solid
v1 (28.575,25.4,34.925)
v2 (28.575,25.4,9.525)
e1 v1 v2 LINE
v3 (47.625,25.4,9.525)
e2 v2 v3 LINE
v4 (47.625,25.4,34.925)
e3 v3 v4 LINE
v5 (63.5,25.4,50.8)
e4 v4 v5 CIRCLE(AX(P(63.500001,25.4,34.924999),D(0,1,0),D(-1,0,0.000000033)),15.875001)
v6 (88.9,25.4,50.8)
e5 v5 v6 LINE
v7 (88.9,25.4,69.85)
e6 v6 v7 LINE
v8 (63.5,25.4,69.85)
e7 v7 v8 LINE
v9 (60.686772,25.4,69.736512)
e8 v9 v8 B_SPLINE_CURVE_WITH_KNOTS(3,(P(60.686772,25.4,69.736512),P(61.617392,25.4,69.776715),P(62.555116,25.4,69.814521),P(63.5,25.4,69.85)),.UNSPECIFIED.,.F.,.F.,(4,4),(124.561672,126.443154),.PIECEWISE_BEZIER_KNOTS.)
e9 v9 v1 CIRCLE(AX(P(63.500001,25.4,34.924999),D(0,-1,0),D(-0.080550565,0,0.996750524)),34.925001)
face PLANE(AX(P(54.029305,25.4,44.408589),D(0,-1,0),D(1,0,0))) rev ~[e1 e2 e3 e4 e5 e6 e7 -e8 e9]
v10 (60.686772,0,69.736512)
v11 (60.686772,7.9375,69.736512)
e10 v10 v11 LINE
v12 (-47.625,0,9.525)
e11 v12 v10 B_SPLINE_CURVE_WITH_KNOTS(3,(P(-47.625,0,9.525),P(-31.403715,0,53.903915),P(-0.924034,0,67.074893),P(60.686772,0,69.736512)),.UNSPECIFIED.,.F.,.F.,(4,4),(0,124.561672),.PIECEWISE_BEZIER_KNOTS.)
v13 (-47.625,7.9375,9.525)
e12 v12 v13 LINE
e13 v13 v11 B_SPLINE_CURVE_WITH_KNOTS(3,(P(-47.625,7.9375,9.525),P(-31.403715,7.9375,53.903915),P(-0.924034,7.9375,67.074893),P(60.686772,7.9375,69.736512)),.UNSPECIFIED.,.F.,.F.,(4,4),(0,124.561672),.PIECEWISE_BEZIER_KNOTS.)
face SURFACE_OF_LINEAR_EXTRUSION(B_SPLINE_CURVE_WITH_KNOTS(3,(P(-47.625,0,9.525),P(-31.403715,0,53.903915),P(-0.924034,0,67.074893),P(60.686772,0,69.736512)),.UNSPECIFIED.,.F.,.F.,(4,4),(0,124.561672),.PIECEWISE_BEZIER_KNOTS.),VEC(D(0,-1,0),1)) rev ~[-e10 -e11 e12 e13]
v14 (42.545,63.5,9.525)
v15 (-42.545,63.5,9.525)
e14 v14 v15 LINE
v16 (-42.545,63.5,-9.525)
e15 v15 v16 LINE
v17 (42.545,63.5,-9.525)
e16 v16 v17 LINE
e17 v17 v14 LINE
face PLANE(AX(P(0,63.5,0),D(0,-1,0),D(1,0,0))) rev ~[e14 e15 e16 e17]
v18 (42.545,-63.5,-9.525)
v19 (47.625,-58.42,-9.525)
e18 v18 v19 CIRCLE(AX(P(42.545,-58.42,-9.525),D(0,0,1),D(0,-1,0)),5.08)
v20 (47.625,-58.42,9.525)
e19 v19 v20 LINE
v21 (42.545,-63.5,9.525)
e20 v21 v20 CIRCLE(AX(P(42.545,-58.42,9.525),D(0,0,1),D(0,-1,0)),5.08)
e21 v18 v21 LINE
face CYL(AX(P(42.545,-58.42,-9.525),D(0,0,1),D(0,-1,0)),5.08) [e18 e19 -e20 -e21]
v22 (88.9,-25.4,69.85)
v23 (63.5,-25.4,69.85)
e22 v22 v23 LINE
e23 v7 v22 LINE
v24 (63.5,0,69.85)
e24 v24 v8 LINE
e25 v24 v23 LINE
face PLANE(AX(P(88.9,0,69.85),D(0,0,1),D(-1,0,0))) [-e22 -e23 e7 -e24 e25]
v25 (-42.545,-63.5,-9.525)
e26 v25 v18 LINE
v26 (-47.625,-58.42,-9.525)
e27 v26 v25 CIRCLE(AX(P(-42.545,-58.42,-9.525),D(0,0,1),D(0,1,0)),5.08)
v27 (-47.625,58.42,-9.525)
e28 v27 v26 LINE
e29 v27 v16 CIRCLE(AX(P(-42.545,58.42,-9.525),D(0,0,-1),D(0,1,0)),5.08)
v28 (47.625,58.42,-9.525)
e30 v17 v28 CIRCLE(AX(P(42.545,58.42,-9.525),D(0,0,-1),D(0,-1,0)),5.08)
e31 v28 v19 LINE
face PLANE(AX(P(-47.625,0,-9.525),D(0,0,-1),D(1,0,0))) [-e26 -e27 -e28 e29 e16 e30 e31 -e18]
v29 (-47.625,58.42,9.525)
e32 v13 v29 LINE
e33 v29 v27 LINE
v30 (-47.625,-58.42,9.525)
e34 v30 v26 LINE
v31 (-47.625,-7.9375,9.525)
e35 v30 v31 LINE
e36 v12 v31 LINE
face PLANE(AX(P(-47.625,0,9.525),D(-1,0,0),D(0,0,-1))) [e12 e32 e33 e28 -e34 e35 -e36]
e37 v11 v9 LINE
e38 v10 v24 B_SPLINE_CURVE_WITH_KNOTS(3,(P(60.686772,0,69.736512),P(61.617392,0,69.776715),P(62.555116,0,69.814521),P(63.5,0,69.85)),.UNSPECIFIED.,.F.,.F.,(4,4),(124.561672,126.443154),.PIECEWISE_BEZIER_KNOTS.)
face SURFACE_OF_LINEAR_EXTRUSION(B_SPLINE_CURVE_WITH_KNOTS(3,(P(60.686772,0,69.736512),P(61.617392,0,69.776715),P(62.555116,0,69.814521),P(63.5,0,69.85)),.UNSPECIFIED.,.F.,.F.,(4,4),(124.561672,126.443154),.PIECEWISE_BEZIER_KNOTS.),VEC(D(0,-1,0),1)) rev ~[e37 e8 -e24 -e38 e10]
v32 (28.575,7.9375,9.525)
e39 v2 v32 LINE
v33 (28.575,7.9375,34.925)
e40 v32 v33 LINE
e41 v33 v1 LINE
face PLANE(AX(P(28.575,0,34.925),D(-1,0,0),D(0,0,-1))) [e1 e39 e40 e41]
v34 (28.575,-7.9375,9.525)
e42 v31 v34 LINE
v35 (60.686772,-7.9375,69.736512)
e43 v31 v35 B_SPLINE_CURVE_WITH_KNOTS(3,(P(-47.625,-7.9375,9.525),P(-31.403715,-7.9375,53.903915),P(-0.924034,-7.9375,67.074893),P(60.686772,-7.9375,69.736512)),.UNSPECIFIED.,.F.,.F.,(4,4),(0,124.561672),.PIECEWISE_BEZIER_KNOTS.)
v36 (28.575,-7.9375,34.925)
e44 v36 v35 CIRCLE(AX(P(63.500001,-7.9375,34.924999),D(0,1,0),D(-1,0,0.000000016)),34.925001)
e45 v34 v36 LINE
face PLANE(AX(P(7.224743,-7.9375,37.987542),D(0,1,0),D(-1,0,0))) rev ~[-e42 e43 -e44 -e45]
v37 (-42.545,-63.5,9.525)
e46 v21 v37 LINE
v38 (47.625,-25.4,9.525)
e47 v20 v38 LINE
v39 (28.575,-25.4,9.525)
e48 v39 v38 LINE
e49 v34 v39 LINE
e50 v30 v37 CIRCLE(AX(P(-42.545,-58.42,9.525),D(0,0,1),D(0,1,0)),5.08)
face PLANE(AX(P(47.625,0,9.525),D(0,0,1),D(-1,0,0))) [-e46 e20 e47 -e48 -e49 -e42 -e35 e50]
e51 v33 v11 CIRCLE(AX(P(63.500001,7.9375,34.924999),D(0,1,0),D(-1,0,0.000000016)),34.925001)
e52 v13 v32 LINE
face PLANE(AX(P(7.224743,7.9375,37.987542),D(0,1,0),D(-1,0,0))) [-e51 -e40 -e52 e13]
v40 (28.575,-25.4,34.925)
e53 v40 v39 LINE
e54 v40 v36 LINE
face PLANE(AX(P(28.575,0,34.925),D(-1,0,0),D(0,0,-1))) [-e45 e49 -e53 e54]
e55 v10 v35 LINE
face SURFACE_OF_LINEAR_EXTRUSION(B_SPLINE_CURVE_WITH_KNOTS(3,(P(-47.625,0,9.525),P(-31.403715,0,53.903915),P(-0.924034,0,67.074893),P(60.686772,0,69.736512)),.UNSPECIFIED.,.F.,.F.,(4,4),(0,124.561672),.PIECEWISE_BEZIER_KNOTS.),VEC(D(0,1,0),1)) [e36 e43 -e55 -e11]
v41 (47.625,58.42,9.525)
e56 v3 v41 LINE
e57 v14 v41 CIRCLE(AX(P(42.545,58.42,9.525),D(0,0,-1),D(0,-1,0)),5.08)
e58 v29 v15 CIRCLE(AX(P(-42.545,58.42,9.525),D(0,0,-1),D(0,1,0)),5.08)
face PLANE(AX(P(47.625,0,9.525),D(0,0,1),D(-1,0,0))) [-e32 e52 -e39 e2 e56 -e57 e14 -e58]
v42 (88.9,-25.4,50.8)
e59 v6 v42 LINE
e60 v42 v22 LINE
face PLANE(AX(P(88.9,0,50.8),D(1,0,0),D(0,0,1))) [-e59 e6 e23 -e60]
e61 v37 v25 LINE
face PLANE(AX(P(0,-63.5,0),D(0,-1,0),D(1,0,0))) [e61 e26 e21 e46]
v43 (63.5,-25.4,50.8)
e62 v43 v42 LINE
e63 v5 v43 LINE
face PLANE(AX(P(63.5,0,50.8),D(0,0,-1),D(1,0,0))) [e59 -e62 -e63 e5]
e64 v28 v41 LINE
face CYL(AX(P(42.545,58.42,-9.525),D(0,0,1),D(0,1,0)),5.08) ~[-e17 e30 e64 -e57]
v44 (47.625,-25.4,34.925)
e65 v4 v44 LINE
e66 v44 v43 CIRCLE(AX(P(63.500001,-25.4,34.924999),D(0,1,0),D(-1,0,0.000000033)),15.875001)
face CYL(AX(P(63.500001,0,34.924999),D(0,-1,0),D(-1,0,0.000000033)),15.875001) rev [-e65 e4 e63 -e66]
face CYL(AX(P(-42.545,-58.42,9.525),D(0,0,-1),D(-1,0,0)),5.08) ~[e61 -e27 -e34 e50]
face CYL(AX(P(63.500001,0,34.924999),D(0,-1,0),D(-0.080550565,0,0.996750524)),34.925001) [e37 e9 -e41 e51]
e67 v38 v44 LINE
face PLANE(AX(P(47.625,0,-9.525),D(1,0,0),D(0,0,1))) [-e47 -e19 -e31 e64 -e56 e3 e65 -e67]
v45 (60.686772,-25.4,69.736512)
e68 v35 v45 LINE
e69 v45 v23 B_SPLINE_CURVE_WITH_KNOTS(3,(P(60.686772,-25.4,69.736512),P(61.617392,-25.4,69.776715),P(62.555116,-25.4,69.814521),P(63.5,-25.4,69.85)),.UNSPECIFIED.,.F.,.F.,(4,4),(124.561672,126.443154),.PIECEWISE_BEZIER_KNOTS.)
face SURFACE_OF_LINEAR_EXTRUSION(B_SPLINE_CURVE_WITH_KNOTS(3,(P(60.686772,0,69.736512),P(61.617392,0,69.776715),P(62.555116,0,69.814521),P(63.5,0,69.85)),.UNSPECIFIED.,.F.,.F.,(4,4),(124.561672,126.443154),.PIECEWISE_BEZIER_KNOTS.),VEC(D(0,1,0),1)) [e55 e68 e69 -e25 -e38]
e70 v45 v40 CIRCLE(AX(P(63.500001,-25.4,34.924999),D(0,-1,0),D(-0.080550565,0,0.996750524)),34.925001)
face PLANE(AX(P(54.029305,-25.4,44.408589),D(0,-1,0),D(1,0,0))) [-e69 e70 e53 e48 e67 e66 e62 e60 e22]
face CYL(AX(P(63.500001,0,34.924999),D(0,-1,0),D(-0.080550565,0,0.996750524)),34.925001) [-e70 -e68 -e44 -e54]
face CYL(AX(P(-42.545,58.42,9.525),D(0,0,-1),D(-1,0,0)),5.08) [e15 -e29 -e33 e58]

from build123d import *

# Parameters (mm, degrees)
F1_DEPTH = 63.5
F2_DEPTH = 25.4
F3_DEPTH = 7.9375
F4_R     = 5.08


with BuildPart() as f1:
    # F0 (on Front) → F1 (new body, symmetric)
    with BuildSketch(Plane.XZ):
        Polygon((28.575, 9.525), (-47.625, 9.525), (-47.625, -9.525), (47.625, -9.525), (47.625, 9.525), align=None)
    extrude(amount=F1_DEPTH, both=True)

    # F0 (on Front) → F2 (join, symmetric)
    with BuildSketch(Plane.XZ):
        with BuildLine():
            Line((28.575, 34.925), (28.575, 9.525))
            Line((28.575, 9.525), (47.625, 9.525))
            Line((47.625, 9.525), (47.625, 34.925))
            ThreePointArc((47.625, 34.925), (52.27468, 46.15032), (63.5, 50.8))
            Line((63.5, 50.8), (88.9, 50.8))
            Line((88.9, 50.8), (88.9, 69.85))
            Line((88.9, 69.85), (63.5, 69.85))
            add(Edge.make_bspline(
                [(60.686772, 69.736512), (61.617392, 69.776715), (62.555116, 69.814521), (63.5, 69.85)],
                knots=[124.561672, 124.561672, 124.561672, 124.561672, 126.443154, 126.443154, 126.443154, 126.443154], degree=3))
            ThreePointArc((60.686772, 69.736512), (37.828931, 58.605199), (28.575, 34.925))
        make_face()
    extrude(amount=F2_DEPTH, both=True)

    # F0 (on Front) → F3 (join, symmetric)
    with BuildSketch(Plane.XZ):
        with BuildLine():
            add(Edge.make_bspline(
                [(-47.625, 9.525), (-31.403715, 53.903915), (-0.924034, 67.074893), (60.686772, 69.736512)],
                knots=[0, 0, 0, 0, 124.561672, 124.561672, 124.561672, 124.561672], degree=3))
            Line((-47.625, 9.525), (28.575, 9.525))
            Line((28.575, 9.525), (28.575, 34.925))
            ThreePointArc((28.575, 34.925), (37.828931, 58.605199), (60.686772, 69.736512))
        make_face()
    extrude(amount=F3_DEPTH, both=True)

    # F4
    f4_edges = [f1.edges().sort_by_distance(p)[0] for p in [
        (-47.625, -63.5, 0),
        (47.625, -63.5, 0),
        (-47.625, 63.5, 0),
        (47.625, 63.5, 0),
    ]]
    fillet(f4_edges, radius=F4_R)


solid = f1.part
